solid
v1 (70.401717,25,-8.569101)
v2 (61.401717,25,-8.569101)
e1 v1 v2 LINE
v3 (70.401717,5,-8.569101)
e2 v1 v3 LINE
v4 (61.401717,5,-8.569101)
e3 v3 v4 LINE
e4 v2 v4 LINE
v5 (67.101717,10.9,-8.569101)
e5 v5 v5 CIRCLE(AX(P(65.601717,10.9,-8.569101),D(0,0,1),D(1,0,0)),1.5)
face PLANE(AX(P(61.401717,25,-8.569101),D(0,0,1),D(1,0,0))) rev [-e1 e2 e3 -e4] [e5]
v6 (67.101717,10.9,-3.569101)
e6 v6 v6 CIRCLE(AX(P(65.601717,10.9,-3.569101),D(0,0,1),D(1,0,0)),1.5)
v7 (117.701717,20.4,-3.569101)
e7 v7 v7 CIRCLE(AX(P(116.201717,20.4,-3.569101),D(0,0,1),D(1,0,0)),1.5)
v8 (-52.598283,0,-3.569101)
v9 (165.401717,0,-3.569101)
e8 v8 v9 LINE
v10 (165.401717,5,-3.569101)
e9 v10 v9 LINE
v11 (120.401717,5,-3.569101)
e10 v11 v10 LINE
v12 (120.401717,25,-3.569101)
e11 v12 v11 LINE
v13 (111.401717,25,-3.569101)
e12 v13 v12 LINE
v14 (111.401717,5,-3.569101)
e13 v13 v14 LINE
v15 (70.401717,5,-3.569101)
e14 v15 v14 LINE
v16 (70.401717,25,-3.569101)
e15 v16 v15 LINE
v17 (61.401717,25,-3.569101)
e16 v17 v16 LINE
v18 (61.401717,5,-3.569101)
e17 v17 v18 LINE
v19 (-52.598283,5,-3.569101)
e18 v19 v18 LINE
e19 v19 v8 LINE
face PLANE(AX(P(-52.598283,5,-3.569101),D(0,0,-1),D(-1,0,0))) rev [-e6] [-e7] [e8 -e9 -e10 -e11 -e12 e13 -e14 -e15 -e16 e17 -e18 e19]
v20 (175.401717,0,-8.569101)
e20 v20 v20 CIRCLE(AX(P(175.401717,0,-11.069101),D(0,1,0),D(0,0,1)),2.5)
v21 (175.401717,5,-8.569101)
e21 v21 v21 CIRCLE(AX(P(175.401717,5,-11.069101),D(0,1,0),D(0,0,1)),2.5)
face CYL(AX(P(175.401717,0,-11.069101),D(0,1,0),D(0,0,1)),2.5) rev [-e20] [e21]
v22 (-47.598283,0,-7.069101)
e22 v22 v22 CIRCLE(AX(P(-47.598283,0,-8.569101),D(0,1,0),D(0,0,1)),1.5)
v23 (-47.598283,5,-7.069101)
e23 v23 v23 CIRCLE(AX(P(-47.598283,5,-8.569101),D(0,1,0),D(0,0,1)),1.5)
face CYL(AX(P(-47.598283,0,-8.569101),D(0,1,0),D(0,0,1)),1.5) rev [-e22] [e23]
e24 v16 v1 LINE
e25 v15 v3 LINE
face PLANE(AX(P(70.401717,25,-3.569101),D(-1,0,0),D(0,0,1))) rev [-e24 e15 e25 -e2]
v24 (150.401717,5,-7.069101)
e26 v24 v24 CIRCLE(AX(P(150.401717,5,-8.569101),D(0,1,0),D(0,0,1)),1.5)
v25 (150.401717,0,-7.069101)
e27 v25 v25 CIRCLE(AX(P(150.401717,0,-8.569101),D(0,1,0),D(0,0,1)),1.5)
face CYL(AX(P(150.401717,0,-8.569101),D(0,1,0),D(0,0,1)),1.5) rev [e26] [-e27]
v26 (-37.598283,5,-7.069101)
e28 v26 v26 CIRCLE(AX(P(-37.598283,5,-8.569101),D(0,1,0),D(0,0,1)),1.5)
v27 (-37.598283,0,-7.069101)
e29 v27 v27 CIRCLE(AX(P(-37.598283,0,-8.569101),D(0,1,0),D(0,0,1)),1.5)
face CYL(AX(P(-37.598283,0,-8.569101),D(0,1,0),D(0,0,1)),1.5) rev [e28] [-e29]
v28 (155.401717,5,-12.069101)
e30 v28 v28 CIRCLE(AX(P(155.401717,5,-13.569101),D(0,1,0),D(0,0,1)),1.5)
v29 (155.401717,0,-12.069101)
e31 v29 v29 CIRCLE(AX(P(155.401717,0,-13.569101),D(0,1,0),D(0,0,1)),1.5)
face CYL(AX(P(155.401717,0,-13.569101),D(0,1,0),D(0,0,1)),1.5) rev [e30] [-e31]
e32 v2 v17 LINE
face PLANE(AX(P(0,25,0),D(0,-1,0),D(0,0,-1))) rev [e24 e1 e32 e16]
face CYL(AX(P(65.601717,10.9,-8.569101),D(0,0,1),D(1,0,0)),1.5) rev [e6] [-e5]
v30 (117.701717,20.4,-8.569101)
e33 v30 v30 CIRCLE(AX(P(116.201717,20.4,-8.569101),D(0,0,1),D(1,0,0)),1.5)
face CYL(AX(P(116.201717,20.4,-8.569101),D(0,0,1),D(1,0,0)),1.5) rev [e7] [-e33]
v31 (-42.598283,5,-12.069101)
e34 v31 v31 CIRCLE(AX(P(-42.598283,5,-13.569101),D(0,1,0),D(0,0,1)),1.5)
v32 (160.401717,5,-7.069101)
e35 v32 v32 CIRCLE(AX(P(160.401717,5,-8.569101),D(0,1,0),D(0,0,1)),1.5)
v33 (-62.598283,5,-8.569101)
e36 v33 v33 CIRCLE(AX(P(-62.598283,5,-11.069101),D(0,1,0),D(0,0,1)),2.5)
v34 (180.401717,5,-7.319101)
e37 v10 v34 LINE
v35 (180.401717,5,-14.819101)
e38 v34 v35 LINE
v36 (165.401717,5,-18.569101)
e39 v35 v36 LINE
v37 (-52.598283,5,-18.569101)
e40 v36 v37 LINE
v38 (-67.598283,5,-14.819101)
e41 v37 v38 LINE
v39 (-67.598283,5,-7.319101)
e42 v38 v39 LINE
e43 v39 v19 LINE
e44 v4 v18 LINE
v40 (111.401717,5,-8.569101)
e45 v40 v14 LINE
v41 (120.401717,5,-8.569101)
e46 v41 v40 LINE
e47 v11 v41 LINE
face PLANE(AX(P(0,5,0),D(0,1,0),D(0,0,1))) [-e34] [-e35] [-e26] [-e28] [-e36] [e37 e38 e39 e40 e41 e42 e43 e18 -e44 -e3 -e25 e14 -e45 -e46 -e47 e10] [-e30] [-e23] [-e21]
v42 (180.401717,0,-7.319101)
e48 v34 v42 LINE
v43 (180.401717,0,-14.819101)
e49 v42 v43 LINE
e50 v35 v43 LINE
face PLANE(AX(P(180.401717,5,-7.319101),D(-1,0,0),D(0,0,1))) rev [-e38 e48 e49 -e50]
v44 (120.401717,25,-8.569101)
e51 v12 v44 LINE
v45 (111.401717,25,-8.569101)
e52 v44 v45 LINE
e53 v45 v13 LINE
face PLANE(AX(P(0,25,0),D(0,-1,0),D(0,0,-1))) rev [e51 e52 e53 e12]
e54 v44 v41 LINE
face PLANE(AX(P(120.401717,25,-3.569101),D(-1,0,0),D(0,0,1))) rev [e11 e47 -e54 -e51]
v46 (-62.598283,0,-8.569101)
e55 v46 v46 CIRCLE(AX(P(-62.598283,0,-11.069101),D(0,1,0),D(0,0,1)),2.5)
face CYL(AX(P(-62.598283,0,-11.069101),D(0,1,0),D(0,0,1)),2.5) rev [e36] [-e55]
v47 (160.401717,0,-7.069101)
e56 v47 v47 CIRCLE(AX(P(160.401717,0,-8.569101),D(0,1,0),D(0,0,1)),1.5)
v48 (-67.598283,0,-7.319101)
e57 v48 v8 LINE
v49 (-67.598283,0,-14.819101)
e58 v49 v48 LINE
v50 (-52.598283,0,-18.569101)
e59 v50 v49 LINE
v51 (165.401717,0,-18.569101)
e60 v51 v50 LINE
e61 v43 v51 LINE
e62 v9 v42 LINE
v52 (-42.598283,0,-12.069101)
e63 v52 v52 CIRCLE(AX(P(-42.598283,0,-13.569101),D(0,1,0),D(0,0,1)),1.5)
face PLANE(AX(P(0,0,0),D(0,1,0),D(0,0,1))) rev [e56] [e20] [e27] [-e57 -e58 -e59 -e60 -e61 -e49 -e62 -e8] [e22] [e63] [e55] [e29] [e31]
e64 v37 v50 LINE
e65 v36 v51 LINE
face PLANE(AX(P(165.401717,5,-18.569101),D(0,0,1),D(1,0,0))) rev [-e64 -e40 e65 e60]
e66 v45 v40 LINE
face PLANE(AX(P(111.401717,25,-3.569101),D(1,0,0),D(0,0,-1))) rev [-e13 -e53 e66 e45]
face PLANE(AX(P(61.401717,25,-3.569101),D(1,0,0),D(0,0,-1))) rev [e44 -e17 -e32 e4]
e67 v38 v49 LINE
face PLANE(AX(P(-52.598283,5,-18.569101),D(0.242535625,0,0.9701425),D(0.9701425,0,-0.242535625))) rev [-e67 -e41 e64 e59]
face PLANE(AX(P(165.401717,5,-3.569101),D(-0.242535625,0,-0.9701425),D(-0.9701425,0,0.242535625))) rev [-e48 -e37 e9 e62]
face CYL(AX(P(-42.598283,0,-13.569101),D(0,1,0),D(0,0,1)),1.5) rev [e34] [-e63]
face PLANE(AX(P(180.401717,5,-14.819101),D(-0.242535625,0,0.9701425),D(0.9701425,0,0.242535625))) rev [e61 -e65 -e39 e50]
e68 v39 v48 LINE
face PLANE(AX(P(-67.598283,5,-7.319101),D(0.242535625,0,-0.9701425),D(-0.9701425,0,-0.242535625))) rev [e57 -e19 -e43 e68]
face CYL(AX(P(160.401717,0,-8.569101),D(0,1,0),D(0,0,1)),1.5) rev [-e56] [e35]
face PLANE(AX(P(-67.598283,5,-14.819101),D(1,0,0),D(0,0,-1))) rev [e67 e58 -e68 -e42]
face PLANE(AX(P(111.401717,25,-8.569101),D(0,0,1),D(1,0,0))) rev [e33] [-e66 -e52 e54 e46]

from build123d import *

# Parameters (mm, degrees)
BOSS_EXTRUDE1_DEPTH = 5
SKETCH2_R           = 1.5
SKETCH2_R_2         = 2.5
CUT_EXTRUDE1_DEPTH  = 5
SKETCH4_W           = 9
SKETCH4_H           = 5
BOSS_EXTRUDE2_DEPTH = 20
SKETCH6_R           = 1.5
CUT_EXTRUDE2_DEPTH  = 5


with BuildPart() as part:
    # Sketch1 → Boss-Extrude1 (new body)
    with BuildSketch(Plane(origin=(0, 0, 0), x_dir=(1, 0, 0), z_dir=(0, 1, 0))):
        Polygon((-67.598283163, 7.319100723), (-52.598283163, 3.569100723), (165.401716837, 3.569100723), (180.401716837, 7.319100723), (180.401716837, 14.819100723), (165.401716837, 18.569100723), (-52.598283163, 18.569100723), (-67.598283163, 14.819100723), align=None)
    extrude(amount=BOSS_EXTRUDE1_DEPTH)

    # Sketch2 → Cut-Extrude1 (cut)
    with BuildSketch(Plane(origin=(0, 5, 0), x_dir=(1, 0, 0), z_dir=(0, 1, 0))):
        with Locations(Location((155.401716837, 13.569100723, 0), (0, 0, 270))):
            Circle(SKETCH2_R)
        with Locations(Location((160.401716837, 8.569100723, 0), (0, 0, 270))):
            Circle(SKETCH2_R)
        with Locations(Location((150.401716837, 8.569100723, 0), (0, 0, 270))):
            Circle(SKETCH2_R)
        with Locations(Location((-47.598283163, 8.569100723, 0), (0, 0, 270))):
            Circle(SKETCH2_R)
        with Locations(Location((-37.598283163, 8.569100723, 0), (0, 0, 270))):
            Circle(SKETCH2_R)
        with Locations(Location((-42.598283163, 13.569100723, 0), (0, 0, 270))):
            Circle(SKETCH2_R)
        with Locations(Location((-62.598283163, 11.069100723, 0), (0, 0, 270))):
            Circle(SKETCH2_R_2)
        with Locations(Location((175.401716837, 11.069100723, 0), (0, 0, 270))):
            Circle(SKETCH2_R_2)
    extrude(amount=-CUT_EXTRUDE1_DEPTH, mode=Mode.SUBTRACT)

    # Sketch4 → Boss-Extrude2 (add)
    with BuildSketch(Plane(origin=(-36.696088283, 5, 1.62747237), x_dir=(1, 0, 0), z_dir=(0, 1, 0))):
        with Locations((102.59780512, 7.696573093)):
            Rectangle(SKETCH4_W, SKETCH4_H)
        with Locations((152.59780512, 7.696573093)):
            Rectangle(SKETCH4_W, SKETCH4_H)
    extrude(amount=BOSS_EXTRUDE2_DEPTH)

    # Sketch6 → Cut-Extrude2 (cut)
    with BuildSketch(Plane(origin=(-36.696088283, 0, -3.569100723), x_dir=(1, 0, 0), z_dir=(0, 0, 1))):
        with Locations((102.29780512, 10.9)):
            Circle(SKETCH6_R)
        with Locations((152.89780512, 20.4)):
            Circle(SKETCH6_R)
    extrude(amount=-CUT_EXTRUDE2_DEPTH, mode=Mode.SUBTRACT)


solid = part.part
